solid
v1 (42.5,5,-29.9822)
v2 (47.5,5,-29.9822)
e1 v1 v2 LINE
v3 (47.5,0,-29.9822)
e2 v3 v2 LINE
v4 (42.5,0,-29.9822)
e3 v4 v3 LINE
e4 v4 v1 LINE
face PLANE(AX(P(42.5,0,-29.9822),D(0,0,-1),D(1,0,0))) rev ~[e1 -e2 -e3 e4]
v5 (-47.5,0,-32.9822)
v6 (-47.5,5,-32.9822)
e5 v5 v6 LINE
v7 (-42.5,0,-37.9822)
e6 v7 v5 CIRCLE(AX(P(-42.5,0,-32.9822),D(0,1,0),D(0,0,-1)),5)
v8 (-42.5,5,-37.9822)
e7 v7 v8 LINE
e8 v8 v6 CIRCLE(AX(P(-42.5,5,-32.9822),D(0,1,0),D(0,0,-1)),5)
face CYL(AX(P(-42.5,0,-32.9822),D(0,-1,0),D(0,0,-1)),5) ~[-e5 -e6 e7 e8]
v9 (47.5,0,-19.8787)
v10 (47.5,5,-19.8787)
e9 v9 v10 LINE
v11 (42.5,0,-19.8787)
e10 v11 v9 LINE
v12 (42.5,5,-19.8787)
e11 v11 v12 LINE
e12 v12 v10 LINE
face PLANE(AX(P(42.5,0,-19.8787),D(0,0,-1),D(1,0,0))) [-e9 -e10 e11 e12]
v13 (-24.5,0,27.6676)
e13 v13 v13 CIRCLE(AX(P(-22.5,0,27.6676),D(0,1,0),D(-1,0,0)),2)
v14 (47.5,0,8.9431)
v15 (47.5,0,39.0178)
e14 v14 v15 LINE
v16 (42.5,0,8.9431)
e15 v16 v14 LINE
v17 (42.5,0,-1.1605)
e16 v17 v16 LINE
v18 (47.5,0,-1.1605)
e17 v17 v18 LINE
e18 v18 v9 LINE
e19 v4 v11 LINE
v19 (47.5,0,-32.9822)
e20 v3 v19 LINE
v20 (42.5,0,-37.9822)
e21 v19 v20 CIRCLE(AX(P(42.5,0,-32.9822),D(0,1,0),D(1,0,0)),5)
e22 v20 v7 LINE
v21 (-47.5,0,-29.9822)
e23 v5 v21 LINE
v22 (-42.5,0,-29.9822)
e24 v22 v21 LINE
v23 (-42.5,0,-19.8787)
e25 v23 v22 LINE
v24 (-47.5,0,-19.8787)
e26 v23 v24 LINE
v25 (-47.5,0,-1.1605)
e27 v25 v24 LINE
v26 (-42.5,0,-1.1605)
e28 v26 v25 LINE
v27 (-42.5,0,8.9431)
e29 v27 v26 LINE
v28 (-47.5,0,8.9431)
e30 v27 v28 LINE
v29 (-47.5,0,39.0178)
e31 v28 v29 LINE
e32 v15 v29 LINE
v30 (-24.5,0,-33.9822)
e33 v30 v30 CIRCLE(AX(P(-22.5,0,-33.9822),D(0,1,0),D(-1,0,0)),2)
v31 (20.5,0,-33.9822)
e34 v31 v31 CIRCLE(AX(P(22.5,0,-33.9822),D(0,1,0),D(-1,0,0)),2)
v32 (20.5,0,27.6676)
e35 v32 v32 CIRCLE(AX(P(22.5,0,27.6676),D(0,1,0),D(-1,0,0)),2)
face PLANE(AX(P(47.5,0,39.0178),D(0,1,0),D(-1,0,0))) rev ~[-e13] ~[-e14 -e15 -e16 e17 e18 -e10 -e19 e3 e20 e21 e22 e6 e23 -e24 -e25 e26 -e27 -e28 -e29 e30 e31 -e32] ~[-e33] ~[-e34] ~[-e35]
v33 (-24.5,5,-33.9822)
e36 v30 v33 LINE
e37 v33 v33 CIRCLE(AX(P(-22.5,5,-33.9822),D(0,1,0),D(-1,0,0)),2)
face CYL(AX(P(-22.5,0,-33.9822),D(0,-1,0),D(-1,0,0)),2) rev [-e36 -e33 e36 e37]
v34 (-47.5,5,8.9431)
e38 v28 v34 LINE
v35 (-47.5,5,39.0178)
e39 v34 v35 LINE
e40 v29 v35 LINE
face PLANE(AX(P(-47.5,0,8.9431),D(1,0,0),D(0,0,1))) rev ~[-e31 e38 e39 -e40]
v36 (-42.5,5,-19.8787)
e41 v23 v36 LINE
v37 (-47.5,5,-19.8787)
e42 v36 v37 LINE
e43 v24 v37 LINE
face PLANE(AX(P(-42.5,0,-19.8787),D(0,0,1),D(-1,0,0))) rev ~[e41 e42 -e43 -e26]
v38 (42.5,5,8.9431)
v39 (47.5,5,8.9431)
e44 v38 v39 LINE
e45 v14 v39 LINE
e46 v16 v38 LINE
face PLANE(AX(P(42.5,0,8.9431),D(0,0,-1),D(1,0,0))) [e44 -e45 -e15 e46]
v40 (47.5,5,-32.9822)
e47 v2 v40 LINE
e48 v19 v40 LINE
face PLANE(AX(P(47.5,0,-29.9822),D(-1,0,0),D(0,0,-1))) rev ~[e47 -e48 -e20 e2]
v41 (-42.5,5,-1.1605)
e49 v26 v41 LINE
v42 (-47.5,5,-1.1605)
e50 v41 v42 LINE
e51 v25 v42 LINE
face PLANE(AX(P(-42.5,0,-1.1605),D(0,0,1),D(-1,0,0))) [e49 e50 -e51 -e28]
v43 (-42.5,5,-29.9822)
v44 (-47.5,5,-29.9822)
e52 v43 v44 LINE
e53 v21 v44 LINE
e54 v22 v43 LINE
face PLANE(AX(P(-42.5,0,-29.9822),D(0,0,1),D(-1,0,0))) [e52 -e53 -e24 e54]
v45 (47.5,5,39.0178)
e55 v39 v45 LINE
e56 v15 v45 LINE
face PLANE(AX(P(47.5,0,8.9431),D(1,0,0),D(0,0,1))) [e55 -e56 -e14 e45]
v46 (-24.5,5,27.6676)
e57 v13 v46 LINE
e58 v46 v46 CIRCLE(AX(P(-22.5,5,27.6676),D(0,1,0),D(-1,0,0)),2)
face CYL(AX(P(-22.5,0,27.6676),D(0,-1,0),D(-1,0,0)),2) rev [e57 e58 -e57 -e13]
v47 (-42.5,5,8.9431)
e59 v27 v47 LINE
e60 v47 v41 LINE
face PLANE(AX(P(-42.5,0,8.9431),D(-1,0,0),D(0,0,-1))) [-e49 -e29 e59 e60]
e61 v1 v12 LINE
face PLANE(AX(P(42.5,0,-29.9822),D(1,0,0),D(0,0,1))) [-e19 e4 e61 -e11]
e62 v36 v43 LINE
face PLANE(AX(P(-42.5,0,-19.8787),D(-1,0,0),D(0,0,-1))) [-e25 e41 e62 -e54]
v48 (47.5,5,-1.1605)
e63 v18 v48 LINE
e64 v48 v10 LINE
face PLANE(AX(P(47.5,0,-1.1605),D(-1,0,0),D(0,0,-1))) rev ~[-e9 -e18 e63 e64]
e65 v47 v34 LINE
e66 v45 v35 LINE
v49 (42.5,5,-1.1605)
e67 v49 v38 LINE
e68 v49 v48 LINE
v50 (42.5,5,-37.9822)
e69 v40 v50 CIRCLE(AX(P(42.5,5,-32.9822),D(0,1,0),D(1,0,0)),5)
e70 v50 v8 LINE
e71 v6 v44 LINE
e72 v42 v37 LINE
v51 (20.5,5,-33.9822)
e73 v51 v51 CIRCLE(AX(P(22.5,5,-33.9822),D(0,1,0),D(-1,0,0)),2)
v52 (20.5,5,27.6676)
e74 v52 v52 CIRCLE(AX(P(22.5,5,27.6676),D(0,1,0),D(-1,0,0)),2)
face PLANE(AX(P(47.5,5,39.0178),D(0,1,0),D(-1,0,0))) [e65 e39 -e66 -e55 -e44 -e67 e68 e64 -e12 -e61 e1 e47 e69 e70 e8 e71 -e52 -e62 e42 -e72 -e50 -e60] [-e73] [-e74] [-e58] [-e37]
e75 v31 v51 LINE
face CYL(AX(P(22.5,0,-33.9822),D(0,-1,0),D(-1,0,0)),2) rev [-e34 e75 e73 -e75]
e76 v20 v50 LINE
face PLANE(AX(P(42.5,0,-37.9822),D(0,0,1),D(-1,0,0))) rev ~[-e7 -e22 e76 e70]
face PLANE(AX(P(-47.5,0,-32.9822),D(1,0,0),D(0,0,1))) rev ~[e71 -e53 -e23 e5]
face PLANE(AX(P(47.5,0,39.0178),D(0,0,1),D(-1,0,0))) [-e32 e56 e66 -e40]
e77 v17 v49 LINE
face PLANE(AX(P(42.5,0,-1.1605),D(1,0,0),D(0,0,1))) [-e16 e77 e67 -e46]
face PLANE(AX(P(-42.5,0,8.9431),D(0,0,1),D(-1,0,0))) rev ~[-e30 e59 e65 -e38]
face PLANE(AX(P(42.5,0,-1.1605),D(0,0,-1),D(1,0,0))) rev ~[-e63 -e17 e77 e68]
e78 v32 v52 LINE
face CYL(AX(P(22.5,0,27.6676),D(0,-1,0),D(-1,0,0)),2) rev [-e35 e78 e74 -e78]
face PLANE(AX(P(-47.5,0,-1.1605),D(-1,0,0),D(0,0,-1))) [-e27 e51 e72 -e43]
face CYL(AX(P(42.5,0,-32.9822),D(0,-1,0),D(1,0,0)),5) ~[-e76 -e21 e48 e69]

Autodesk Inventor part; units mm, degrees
ref_plane "YZ Plane" through (0, 0, 0) normal (1, 0, 0) x (0, 1, 0)
ref_plane "XZ Plane" through (0, 0, 0) normal (0, 1, 0) x (-1, 0, 0)
ref_plane "XY Plane" through (0, 0, 0) normal (0, 0, 1) x (1, 0, 0)
sketch "Sketch1" plane through (47.5, 0, 39.0178) normal (0, 1, 0) x (-1, 0, 0)
  line L0 (5, -58.8965) -> (0, -58.8965)
  line L1 (5, -69) -> (5, -58.8965)
  line L2 (5, -69) -> (0, -69)
  line L3 (0, -69) -> (0, -72)
  arc A0 (0, -72) -> (5, -77) centre (5, -72) ccw
  line L4 (5, -77) -> (90, -77)
  arc A1 (90, -77) -> (95, -72) centre (90, -72) ccw
  circle A2 centre (25, -73) radius 2
  circle A3 centre (70, -73) radius 2
  line L5 (0, 0) -> (95, 0)
  line L6 (0, -30.0747) -> (0, 0)
  line L7 (95, -40.1783) -> (95, -58.8965)
  line L8 (95, -30.0747) -> (95, 0)
  line L9 (0, -40.1783) -> (0, -58.8965)
  line L10 (90, -58.8965) -> (90, -69)
  line L11 (90, -58.8965) -> (95, -58.8965)
  line L12 (5, -30.0747) -> (0, -30.0747)
  line L13 (5, -40.1783) -> (5, -30.0747)
  line L14 (5, -40.1783) -> (0, -40.1783)
  line L15 (90, -40.1783) -> (95, -40.1783)
  line L16 (90, -30.0747) -> (90, -40.1783)
  line L17 (90, -30.0747) -> (95, -30.0747)
  line L18 (90, -69) -> (95, -69)
  line L19 (95, -72) -> (95, -69)
  circle A4 centre (25, -11.3502) radius 2
  circle A5 centre (70, -11.3502) radius 2
  point P0 (31.9525, -5.2817)
  dimension "d3" = 95
extrude "Top Base" add sketch "Sketch1" along normal blind 5
properties part number "Top Base" material "Glass"
